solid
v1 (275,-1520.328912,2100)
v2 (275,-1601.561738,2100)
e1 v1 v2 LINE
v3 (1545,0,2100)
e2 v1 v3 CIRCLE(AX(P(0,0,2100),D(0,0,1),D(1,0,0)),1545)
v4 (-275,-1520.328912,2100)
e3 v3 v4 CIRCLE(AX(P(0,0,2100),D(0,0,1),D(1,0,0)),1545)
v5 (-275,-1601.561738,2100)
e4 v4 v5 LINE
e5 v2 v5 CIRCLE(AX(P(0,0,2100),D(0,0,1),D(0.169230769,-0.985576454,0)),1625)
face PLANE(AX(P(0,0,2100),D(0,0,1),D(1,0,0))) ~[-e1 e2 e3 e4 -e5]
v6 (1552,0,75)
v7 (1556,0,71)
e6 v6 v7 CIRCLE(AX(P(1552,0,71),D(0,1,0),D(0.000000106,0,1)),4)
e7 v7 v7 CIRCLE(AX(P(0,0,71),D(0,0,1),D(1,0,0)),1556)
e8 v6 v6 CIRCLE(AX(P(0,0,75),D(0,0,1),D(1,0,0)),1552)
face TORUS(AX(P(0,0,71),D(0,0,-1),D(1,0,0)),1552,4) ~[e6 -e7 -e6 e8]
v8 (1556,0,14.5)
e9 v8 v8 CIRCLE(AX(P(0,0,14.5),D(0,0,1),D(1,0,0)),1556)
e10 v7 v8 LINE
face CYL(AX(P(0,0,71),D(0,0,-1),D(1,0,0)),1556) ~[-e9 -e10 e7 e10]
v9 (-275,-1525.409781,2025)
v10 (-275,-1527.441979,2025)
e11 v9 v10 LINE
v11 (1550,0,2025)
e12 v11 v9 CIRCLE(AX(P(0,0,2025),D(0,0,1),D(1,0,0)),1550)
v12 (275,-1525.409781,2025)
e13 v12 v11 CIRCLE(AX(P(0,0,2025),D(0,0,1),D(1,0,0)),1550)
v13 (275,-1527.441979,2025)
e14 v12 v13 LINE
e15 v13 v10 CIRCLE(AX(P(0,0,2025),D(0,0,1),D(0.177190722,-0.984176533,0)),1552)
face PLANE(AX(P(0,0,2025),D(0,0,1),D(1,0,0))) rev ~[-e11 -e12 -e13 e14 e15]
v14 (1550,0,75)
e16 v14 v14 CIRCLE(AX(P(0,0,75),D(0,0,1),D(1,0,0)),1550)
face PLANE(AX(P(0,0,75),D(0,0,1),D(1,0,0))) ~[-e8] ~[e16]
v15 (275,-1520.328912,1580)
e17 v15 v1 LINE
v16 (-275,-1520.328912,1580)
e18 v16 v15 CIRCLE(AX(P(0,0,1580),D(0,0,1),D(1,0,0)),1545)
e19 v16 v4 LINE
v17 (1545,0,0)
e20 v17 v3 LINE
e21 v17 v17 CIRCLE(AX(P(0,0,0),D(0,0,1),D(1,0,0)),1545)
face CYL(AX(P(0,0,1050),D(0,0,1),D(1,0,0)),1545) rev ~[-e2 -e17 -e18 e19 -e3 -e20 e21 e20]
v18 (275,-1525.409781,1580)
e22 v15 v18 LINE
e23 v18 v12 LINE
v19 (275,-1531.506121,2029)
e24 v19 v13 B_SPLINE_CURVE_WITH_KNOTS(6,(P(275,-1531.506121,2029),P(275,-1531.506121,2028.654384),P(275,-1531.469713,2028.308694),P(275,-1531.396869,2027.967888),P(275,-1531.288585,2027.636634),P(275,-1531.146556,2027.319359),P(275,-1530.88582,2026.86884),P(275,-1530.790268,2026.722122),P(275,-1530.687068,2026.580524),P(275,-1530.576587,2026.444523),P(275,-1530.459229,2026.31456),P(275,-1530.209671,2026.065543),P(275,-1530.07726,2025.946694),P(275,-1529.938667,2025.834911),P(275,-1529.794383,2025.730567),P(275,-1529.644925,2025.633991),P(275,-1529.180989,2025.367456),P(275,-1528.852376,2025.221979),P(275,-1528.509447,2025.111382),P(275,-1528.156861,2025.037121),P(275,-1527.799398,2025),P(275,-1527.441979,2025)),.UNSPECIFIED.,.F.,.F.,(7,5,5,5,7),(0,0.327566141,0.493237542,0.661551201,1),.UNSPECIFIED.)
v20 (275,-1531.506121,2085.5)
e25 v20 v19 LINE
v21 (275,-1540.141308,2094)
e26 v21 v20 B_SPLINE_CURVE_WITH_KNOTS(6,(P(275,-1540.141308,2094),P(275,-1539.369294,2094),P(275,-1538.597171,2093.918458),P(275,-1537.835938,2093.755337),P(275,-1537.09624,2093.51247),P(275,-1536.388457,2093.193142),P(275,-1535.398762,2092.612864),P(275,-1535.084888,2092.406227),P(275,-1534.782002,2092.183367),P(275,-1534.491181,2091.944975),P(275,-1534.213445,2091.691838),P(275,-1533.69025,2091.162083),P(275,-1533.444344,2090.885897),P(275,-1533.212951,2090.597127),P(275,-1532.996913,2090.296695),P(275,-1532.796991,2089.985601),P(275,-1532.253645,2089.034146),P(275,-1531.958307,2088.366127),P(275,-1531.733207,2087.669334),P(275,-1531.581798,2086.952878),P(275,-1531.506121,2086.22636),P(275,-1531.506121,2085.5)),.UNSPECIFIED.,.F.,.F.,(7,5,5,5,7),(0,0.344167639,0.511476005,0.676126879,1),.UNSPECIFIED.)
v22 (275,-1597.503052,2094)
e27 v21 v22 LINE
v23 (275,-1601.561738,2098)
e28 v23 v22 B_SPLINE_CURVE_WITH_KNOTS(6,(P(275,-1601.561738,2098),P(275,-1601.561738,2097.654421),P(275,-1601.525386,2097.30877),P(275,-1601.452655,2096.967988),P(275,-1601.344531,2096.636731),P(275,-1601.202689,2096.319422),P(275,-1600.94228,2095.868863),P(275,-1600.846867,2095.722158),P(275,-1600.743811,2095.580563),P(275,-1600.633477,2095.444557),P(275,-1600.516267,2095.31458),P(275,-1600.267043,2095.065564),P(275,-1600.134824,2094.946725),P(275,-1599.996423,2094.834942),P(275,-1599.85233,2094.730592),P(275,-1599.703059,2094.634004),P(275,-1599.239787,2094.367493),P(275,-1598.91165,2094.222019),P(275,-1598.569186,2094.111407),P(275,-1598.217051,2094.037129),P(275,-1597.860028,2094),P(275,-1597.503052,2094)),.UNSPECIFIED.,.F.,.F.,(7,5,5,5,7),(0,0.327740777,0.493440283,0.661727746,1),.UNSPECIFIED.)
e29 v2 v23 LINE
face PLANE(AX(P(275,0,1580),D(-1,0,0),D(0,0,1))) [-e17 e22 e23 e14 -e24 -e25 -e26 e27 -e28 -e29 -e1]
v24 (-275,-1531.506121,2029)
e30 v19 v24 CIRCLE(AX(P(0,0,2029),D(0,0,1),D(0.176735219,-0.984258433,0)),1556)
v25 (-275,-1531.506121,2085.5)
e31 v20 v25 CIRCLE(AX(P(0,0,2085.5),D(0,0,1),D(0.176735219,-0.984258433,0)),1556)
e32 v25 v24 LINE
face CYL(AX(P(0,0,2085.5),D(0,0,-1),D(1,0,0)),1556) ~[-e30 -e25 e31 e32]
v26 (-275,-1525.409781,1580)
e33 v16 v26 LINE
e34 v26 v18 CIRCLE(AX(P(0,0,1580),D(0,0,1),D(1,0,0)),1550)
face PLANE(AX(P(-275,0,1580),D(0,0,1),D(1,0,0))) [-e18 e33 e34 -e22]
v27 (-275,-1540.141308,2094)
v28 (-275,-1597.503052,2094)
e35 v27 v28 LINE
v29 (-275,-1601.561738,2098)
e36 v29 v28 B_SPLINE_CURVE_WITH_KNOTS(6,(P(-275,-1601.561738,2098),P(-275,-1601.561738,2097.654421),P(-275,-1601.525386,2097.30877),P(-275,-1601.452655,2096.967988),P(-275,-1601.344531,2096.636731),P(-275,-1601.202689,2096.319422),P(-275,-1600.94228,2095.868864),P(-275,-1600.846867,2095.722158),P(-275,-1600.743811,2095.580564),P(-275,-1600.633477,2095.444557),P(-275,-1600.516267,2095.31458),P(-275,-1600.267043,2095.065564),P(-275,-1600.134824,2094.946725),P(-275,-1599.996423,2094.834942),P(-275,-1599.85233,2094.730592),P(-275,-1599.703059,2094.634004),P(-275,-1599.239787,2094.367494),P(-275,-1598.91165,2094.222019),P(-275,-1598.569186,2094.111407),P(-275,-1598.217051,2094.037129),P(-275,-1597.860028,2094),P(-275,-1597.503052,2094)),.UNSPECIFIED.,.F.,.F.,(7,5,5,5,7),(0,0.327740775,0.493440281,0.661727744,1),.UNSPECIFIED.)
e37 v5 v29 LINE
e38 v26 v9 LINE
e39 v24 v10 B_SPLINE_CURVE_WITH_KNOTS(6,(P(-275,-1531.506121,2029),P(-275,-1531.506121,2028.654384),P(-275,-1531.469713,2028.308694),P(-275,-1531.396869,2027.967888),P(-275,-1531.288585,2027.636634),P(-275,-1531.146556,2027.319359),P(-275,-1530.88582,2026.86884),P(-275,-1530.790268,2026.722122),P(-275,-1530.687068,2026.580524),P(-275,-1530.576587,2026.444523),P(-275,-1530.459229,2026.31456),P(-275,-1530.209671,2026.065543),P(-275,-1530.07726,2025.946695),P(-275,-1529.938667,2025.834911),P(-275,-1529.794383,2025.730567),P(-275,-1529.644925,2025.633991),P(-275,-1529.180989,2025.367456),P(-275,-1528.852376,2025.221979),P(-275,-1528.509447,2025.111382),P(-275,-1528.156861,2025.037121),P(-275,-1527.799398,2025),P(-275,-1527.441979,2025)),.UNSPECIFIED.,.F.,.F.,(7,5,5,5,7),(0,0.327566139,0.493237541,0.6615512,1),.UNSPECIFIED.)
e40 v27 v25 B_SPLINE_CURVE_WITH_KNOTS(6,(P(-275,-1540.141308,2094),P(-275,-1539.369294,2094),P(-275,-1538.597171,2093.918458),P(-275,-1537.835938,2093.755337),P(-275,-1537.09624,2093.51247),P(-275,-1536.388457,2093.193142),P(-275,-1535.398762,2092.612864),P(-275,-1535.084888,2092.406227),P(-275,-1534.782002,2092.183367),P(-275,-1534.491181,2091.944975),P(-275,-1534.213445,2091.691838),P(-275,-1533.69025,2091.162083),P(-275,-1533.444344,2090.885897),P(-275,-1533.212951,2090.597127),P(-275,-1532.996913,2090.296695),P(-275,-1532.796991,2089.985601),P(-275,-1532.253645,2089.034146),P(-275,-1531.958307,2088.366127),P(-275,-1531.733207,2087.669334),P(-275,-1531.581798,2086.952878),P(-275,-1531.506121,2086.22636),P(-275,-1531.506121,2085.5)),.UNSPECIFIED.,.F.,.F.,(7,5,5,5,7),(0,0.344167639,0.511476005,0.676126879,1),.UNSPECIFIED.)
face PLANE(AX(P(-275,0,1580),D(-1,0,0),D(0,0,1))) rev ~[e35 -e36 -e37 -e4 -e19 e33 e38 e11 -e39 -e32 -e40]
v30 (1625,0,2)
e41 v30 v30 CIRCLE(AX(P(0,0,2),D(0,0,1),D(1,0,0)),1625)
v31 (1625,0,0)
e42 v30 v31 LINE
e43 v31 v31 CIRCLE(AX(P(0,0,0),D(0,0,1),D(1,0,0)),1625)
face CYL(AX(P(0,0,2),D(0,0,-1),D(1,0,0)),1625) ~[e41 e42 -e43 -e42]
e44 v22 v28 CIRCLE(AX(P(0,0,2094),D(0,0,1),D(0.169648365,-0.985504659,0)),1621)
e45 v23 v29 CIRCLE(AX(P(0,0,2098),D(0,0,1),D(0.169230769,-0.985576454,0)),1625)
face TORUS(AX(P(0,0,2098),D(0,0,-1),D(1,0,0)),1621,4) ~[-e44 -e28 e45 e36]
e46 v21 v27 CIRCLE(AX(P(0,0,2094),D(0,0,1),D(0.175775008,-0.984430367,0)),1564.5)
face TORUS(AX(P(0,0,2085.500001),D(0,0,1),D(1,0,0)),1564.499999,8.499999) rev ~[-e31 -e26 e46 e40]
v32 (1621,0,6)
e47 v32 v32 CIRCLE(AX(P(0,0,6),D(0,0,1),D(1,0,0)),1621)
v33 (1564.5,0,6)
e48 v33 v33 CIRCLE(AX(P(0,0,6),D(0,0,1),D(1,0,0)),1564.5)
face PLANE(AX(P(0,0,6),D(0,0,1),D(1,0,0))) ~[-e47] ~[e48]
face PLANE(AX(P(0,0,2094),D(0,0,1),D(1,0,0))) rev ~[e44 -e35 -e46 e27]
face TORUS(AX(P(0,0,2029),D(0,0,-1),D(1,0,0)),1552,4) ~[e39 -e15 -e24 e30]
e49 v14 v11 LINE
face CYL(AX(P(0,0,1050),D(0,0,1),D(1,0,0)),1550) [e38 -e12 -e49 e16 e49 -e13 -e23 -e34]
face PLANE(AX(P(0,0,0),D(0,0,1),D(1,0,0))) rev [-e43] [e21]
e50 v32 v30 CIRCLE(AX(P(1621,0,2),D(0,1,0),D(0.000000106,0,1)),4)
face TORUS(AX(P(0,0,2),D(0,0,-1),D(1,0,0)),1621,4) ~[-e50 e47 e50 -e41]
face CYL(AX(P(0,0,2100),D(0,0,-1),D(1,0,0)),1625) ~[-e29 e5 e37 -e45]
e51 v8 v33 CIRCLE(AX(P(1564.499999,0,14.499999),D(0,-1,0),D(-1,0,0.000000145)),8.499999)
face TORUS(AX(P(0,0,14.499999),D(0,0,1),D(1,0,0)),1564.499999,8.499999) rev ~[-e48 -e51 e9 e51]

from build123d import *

# Parameters (mm, degrees)
SKETCH001_W      = 550
SKETCH001_H      = 520
EXTRUDE010_DEPTH = 1700
SKETCH_W         = 5
SKETCH_H         = 2100


with BuildPart() as extrude010:
    # Sketch001 → Extrude010 (new body)
    with BuildSketch(Plane.XZ):
        with Locations((0, 1840)):
            Rectangle(SKETCH001_W, SKETCH001_H)
    extrude(amount=EXTRUDE010_DEPTH)


with BuildPart() as revolve001:
    # AngleSteel003 → Revolve001 (revolve)
    with BuildSketch(Plane(origin=(1570.58985, 0, 20.58985), x_dir=(1, 0, 0), z_dir=(0, 1, 0))):
        with BuildLine():
            Line((-20.58985, 20.58985), (-20.58985, -54.41015))
            Line((-20.58985, -54.41015), (-18.58985, -54.41015))
            ThreePointArc((-18.58985, -54.41015), (-15.761423, -53.238577), (-14.58985, -50.41015))
            Line((-14.58985, -50.41015), (-14.58985, 6.08985))
            ThreePointArc((-14.58985, 6.08985), (-12.100258, 12.100258), (-6.08985, 14.58985))
            Line((-6.08985, 14.58985), (50.41015, 14.58985))
            ThreePointArc((50.41015, 14.58985), (53.238577, 15.761423), (54.41015, 18.58985))
            Line((54.41015, 18.58985), (54.41015, 20.58985))
            Line((54.41015, 20.58985), (-20.58985, 20.58985))
        make_face()
    revolve(axis=Axis((0, 0, 0), (0, 0, 1)))


with BuildPart() as revolve002:
    # AngleSteel004 → Revolve002 (revolve)
    with BuildSketch(Plane(origin=(1570.58985, 0, 2079.41015), x_dir=(1, 0, 0), z_dir=(0, 1, 0))):
        with BuildLine():
            Line((-20.58985, -20.58985), (54.41015, -20.58985))
            Line((54.41015, -20.58985), (54.41015, -18.58985))
            ThreePointArc((54.41015, -18.58985), (53.238577, -15.761423), (50.41015, -14.58985))
            Line((50.41015, -14.58985), (-6.08985, -14.58985))
            ThreePointArc((-6.08985, -14.58985), (-12.100258, -12.100258), (-14.58985, -6.08985))
            Line((-14.58985, -6.08985), (-14.58985, 50.41015))
            ThreePointArc((-14.58985, 50.41015), (-15.761423, 53.238577), (-18.58985, 54.41015))
            Line((-18.58985, 54.41015), (-20.58985, 54.41015))
            Line((-20.58985, 54.41015), (-20.58985, -20.58985))
        make_face()
    revolve(axis=Axis((0, 0, 0), (0, 0, 1)))


with BuildPart() as cut003:
    # Sketch → Revolve (revolve)
    with BuildSketch(Plane.XZ):
        with Locations((1547.5, 1050)):
            Rectangle(SKETCH_W, SKETCH_H)
    revolve(axis=Axis((0, 0, 0), (0, 0, 1)))

    # Fusion: union Revolve001, Revolve002
    add(revolve001.part)
    add(revolve002.part)

    # Cut003: cut Extrude010
    add(extrude010.part, mode=Mode.SUBTRACT)


solid = cut003.part
